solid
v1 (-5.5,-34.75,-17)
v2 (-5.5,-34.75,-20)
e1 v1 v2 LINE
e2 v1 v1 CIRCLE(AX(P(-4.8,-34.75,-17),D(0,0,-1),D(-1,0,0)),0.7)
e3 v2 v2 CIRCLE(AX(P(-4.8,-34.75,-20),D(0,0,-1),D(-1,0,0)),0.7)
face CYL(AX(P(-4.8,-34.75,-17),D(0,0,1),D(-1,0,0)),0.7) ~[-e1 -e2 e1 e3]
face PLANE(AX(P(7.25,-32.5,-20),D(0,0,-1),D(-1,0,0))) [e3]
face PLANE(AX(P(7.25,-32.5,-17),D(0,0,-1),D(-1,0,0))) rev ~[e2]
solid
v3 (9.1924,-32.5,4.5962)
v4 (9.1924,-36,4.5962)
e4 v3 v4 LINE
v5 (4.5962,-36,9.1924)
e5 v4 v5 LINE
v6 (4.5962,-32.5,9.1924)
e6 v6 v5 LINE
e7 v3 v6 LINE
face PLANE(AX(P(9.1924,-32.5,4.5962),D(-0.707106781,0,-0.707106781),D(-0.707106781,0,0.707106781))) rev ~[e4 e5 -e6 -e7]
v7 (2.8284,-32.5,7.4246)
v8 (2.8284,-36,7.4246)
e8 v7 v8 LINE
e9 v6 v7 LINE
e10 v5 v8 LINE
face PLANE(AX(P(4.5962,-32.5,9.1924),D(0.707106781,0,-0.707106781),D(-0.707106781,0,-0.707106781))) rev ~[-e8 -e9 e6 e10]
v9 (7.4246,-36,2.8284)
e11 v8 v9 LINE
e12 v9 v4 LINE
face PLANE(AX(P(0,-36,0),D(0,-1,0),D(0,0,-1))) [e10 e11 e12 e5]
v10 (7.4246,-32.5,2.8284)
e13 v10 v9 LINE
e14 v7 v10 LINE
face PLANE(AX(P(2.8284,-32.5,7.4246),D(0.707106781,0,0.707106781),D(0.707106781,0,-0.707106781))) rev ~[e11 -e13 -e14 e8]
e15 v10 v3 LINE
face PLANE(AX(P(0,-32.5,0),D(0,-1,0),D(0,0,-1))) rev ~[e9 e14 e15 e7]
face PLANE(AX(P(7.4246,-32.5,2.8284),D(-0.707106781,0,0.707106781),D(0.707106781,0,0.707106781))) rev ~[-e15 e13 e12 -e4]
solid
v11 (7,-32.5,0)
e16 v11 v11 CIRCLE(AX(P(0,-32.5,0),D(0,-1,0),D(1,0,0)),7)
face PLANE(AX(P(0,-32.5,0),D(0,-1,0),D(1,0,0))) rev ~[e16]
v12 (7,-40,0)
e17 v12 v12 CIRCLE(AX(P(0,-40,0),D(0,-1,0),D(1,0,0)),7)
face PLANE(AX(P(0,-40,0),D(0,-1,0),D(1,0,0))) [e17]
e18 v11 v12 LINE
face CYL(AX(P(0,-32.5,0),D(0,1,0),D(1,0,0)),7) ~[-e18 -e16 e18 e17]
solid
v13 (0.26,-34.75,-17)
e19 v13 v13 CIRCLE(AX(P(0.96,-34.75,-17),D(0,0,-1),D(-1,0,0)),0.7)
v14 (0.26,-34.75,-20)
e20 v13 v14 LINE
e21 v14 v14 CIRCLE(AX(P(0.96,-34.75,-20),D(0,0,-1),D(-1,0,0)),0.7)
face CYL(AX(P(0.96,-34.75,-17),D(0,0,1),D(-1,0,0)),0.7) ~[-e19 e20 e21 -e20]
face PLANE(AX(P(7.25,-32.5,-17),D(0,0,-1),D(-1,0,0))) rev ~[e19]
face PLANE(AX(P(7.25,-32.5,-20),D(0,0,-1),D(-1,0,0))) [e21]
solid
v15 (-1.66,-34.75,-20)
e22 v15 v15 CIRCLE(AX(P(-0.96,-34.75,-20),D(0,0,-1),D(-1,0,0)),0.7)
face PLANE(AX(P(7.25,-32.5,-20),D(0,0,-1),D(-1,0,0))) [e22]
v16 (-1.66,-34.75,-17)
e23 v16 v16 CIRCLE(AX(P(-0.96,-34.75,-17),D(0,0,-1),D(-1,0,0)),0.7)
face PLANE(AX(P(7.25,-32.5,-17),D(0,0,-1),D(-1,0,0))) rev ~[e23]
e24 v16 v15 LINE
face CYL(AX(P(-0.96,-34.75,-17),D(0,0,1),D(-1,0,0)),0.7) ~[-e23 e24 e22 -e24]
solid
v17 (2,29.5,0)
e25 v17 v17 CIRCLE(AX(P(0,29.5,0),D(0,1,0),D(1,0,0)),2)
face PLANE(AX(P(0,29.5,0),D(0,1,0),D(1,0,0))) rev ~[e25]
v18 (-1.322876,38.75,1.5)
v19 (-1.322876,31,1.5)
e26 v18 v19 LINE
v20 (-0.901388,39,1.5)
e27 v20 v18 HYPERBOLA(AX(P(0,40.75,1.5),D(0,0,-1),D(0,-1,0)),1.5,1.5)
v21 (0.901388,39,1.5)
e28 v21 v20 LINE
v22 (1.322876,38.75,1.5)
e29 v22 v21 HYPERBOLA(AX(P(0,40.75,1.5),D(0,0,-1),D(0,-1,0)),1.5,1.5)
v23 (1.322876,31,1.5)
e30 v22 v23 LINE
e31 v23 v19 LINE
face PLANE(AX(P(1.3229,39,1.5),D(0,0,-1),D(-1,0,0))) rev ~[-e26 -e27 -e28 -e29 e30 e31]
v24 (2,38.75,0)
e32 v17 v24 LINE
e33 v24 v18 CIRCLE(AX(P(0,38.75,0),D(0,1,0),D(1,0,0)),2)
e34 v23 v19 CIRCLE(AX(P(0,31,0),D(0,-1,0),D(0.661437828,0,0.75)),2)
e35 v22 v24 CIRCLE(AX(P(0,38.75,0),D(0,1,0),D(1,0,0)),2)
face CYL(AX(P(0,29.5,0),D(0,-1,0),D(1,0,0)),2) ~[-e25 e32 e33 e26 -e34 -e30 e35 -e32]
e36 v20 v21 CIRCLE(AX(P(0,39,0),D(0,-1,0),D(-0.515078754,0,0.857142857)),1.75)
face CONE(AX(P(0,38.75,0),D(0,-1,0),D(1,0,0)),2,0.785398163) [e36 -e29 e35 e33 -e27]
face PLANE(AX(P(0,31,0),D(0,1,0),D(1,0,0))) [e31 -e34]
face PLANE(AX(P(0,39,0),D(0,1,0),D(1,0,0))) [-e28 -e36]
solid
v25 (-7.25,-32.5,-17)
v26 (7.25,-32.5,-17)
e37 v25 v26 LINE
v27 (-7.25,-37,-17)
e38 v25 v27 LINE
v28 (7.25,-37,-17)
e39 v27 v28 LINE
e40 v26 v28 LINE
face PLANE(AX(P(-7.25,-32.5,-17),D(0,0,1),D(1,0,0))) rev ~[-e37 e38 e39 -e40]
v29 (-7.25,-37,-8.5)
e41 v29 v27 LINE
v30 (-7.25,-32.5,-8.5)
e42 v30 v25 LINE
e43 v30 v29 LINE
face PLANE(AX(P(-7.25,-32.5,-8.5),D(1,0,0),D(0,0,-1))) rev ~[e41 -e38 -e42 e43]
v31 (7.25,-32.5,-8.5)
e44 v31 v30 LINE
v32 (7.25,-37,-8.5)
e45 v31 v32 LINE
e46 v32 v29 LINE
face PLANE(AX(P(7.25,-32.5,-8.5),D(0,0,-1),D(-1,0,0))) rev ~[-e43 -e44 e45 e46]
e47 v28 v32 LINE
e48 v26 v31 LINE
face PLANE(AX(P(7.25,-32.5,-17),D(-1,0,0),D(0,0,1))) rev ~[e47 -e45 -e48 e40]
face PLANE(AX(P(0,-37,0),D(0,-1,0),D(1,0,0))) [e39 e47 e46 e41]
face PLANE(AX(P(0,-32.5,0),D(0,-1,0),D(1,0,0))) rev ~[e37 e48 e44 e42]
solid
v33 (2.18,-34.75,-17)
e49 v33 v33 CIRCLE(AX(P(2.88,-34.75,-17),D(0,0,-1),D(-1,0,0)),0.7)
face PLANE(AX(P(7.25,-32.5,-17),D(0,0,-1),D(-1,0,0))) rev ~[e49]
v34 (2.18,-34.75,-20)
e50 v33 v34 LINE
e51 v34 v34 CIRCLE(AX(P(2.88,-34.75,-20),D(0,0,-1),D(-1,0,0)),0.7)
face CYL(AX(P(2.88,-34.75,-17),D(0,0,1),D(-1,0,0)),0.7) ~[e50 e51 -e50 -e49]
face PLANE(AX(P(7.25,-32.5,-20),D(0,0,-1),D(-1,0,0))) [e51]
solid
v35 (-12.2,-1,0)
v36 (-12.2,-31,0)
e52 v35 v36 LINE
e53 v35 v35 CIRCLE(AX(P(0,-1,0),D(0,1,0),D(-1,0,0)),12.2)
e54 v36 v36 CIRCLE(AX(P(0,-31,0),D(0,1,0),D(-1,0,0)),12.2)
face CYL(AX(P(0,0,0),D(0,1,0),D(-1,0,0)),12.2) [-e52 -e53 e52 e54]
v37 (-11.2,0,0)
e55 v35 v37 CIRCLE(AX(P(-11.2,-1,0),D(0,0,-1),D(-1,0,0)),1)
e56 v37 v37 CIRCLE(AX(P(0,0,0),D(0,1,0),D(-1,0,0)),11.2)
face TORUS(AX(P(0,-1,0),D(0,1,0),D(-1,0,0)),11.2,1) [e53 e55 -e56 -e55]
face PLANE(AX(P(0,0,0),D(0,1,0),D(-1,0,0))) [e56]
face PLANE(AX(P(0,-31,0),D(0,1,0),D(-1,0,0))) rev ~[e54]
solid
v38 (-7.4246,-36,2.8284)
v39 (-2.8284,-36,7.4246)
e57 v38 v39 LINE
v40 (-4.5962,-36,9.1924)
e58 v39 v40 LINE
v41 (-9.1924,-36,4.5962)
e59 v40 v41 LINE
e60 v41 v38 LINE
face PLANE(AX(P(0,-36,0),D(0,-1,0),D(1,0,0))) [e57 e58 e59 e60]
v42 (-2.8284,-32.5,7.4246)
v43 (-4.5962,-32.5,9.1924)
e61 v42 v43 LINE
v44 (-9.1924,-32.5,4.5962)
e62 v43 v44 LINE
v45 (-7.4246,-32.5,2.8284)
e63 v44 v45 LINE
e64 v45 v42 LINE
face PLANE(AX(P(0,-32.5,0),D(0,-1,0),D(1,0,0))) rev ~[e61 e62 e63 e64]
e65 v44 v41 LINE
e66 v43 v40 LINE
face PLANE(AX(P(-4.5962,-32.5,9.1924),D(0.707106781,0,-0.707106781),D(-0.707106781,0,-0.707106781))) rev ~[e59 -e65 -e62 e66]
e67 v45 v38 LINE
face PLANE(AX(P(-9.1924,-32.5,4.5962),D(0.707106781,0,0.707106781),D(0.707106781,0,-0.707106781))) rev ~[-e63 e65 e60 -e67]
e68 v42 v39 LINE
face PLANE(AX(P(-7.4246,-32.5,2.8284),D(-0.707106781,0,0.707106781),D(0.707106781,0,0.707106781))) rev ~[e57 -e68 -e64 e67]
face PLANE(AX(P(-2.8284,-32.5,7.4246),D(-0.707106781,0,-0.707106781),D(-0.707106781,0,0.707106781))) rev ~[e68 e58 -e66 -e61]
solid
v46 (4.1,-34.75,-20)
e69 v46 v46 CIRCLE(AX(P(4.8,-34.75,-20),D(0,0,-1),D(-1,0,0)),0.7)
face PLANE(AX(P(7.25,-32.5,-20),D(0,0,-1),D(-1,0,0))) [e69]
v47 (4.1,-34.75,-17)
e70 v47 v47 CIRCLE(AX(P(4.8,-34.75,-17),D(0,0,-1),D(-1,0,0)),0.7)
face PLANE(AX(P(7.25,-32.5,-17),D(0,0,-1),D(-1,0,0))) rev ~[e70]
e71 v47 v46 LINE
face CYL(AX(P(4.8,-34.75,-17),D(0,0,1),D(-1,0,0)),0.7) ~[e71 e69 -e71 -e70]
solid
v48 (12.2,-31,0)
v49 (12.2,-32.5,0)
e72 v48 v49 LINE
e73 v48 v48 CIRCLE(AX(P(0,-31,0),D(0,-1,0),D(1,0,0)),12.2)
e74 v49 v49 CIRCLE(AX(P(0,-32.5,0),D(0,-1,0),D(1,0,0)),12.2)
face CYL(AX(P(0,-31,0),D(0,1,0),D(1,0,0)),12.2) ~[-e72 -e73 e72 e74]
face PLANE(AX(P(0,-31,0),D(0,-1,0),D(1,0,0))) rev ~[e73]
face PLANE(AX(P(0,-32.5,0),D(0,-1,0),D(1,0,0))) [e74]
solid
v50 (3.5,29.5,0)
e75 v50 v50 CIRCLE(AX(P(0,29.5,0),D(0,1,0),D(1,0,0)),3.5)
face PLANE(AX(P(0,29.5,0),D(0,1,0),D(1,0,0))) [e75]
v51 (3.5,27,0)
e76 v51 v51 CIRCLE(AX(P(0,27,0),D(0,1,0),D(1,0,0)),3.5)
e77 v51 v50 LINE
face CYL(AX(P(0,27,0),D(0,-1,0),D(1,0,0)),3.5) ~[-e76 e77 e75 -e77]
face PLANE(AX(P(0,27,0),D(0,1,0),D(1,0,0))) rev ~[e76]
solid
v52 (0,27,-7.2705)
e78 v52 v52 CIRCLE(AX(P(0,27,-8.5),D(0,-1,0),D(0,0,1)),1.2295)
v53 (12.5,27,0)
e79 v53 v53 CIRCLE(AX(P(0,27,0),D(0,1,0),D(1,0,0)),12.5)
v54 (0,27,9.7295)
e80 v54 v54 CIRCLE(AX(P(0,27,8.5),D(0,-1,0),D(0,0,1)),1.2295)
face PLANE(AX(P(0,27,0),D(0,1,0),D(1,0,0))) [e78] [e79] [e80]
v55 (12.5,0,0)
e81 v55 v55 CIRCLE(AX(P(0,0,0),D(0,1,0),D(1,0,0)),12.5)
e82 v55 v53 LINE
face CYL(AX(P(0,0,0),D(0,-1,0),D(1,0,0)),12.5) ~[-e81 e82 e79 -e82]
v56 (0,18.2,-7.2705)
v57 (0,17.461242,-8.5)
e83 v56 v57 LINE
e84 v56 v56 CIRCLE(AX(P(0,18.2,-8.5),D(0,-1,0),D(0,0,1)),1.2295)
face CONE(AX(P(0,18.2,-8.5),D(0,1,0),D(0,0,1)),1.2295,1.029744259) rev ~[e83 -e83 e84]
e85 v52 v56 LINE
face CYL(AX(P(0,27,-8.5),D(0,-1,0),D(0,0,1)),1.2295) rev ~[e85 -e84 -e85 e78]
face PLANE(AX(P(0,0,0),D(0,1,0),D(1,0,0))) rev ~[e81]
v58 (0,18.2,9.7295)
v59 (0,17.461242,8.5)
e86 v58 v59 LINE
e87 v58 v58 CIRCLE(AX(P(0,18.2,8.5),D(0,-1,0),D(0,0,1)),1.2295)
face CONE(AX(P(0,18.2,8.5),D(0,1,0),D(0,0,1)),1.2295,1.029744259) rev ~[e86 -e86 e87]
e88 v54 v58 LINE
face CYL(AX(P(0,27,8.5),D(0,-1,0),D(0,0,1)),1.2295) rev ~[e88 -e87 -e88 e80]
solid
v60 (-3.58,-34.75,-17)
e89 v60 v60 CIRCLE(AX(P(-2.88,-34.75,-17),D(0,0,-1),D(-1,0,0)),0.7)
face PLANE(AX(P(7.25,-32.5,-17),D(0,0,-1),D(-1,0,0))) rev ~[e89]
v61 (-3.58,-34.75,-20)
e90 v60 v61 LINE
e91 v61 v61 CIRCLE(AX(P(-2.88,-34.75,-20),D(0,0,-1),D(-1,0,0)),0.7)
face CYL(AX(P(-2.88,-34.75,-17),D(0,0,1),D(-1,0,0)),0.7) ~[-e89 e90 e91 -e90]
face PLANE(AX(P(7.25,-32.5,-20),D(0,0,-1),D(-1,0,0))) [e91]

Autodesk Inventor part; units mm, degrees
ref_plane "YZ Plane" through (0, 0, 0) normal (1, 0, 0) x (0, 1, 0)
ref_plane "XZ Plane" through (0, 0, 0) normal (0, 1, 0) x (-1, 0, 0)
ref_plane "XY Plane" through (0, 0, 0) normal (0, 0, 1) x (1, 0, 0)
sketch "Sketch1" plane through (0, 0, 0) normal (0, 1, 0) x (-1, 0, 0)
  circle A0 centre (0, 0) radius 12.2
  dimension "d0" = 24.4
extrude "Extrusion1" add sketch "Sketch1" against normal blind 31
fillet "Fillet1" radius 1 1 edges at (12.2, 0, 0)
sketch "Sketch2" plane through (0, -31, 0) normal (0, -1, 0) x (1, 0, 0)
  circle A0 centre (0, 0) radius 12.2 projected
extrude "Extrusion2" add sketch "Sketch2" along normal blind 1.5 separate body
sketch "Sketch3" plane through (0, -32.5, 0) normal (0, -1, 0) x (1, 0, 0)
  circle A0 centre (0, 0) radius 7
  dimension "d6" = 14
extrude "Extrusion3" add sketch "Sketch3" along normal blind 7.5 separate body
sketch "Sketch4" plane through (0, -32.5, 0) normal (0, -1, 0) x (1, 0, 0)
  circle A0 centre (0, 0) radius 6.75 construction
  line L0 (-7.4246, 2.8284) -> (-2.8284, 7.4246)
  line L1 (-2.8284, 7.4246) -> (-4.5962, 9.1924)
  line L2 (-4.5962, 9.1924) -> (-9.1924, 4.5962)
  line L3 (-9.1924, 4.5962) -> (-7.4246, 2.8284)
  line L4 (-7.4246, 2.8284) -> (-4.5962, 9.1924) construction
  line L5 (-2.8284, 7.4246) -> (-9.1924, 4.5962) construction
  line L6 (0, 0) -> (-6.0104, 6.0104) construction
  line L7 (0, 0) -> (-12.2, 0) construction
  circle A1 centre (0, 0) radius 12.2 construction
  point P0 (4.773, -4.773)
  dimension "d9" = 13.5
  dimension "d10" = 6.5
  dimension "d11" = 2.5
  dimension "d12" = 45
  dimension "d13" = 16.5
extrude "Extrusion4" add sketch "Sketch4" along normal blind 3.5 separate body
pattern_circular "Circular Pattern1" count 2 over 90 about axis through (0, -32.5, 0) along (0, 1, 0) of "Extrusion4" bodies 4
sketch "Sketch5" plane through (0, -32.5, 0) normal (0, -1, 0) x (1, 0, 0)
  line L0 (-7.25, -17) -> (7.25, -17)
  line L1 (7.25, -17) -> (7.25, -8.5)
  line L2 (7.25, -8.5) -> (-7.25, -8.5)
  line L3 (-7.25, -8.5) -> (-7.25, -17)
  line L4 (-7.25, -17) -> (7.25, -8.5) construction
  line L5 (7.25, -17) -> (-7.25, -8.5) construction
  circle A0 centre (0, 0) radius 7 projected
  point P0 (0, -12.75)
  point P1 (0, -12.75)
  dimension "d19" = 17
  dimension "d20" = 8.5
  dimension "d21" = 14.5
extrude "Extrusion5" add sketch "Sketch5" along normal blind 4.5 separate body contours L3 L2 L1 L0
sketch "Sketch6" plane through (7.25, -32.5, -17) normal (0, 0, -1) x (-1, 0, 0)
  line L0 (12.05, -2.25) -> (10.13, -2.25) construction
  line L1 (10.13, -2.25) -> (8.21, -2.25) construction
  line L2 (8.21, -2.25) -> (6.29, -2.25) construction
  line L3 (6.29, -2.25) -> (4.37, -2.25) construction
  line L4 (4.37, -2.25) -> (2.45, -2.25) construction
  circle A0 centre (12.05, -2.25) radius 0.7
  circle A1 centre (10.13, -2.25) radius 0.7
  circle A2 centre (8.21, -2.25) radius 0.7
  circle A3 centre (6.29, -2.25) radius 0.7
  circle A4 centre (4.37, -2.25) radius 0.7
  circle A5 centre (2.45, -2.25) radius 0.7
  line L5 (14.5, 0) -> (14.5, -4.5) projected
  line L6 (14.5, -4.5) -> (0, -4.5) projected
  point P0 (7.25, 32.5)
  point P1 (14.5, -2.25)
  point P2 (7.25, -2.25)
  point P3 (7.25, -4.5)
  dimension "d24" = 9.6
  dimension "d25" = 1.4
extrude "Extrusion6" add sketch "Sketch6" along normal blind 3 separate body contours A0
extrude "Extrusion7" add sketch "Sketch6" along normal blind 3 separate body contours A1
extrude "Extrusion8" add sketch "Sketch6" along normal blind 3 separate body contours A2
extrude "Extrusion9" add sketch "Sketch6" along normal blind 3 separate body contours A3
extrude "Extrusion10" add sketch "Sketch6" along normal blind 3 separate body contours A4
extrude "Extrusion11" add sketch "Sketch6" along normal blind 3 separate body contours A5
sketch "Sketch7" plane through (0, 0, 0) normal (0, 1, 0) x (1, 0, 0)
  circle A0 centre (0, 0) radius 12.5
  dimension "d38" = 25
extrude "Extrusion12" add sketch "Sketch7" along normal blind 27 separate body
sketch "Sketch8" plane through (0, 27, 0) normal (0, 1, 0) x (1, 0, 0)
  circle A0 centre (0, 0) radius 11.2 construction
  circle A1 centre (0, 0) radius 3.5
  dimension "d41" = 7
extrude "Extrusion13" add sketch "Sketch8" along normal blind 2.5 separate body
sketch "Sketch9" plane through (0, 29.5, 0) normal (0, 1, 0) x (1, 0, 0)
  circle A0 centre (0, 0) radius 2
  dimension "d44" = 4
extrude "Extrusion14" add sketch "Sketch9" along normal blind 9.5 separate body
chamfer "Chamfer1" distance 0.25 angle 45 1 edges at (-2, 39, 0)
sketch "Sketch10" plane through (0, 39, 0) normal (0, 1, 0) x (1, 0, 0)
  line L0 (-1.3229, -2) -> (1.3229, -2)
  line L1 (1.3229, -2) -> (1.3229, -1.5)
  line L2 (1.3229, -1.5) -> (-1.3229, -1.5)
  line L3 (-1.3229, -1.5) -> (-1.3229, -2)
  circle A0 centre (0, 0) radius 2 construction
  dimension "d50" = 1.5
extrude "Extrusion15" cut sketch "Sketch10" against normal blind 8 bodies 14
sketch "Sketch11" plane through (0, 27, 0) normal (0, 1, 0) x (1, 0, 0)
  circle A0 centre (0, 0) radius 12.5 construction
  line L0 (0, 8.5) -> (0, -8.5) construction
  line L1 (7.25, 8.5) -> (-7.25, 8.5) construction
  dimension "d53" = 17
hole "Hole1" at (0, 27, -8.5) at (0, 27, 8.5) direction (0, -1, 0) diameter 2.459 depth 8.8 tip angle 118 bodies 12 thread size "M3x0.5" class "6H" standard "ISO Metric profile"
properties part number "JGA25-371_12VDC_20RPM"
